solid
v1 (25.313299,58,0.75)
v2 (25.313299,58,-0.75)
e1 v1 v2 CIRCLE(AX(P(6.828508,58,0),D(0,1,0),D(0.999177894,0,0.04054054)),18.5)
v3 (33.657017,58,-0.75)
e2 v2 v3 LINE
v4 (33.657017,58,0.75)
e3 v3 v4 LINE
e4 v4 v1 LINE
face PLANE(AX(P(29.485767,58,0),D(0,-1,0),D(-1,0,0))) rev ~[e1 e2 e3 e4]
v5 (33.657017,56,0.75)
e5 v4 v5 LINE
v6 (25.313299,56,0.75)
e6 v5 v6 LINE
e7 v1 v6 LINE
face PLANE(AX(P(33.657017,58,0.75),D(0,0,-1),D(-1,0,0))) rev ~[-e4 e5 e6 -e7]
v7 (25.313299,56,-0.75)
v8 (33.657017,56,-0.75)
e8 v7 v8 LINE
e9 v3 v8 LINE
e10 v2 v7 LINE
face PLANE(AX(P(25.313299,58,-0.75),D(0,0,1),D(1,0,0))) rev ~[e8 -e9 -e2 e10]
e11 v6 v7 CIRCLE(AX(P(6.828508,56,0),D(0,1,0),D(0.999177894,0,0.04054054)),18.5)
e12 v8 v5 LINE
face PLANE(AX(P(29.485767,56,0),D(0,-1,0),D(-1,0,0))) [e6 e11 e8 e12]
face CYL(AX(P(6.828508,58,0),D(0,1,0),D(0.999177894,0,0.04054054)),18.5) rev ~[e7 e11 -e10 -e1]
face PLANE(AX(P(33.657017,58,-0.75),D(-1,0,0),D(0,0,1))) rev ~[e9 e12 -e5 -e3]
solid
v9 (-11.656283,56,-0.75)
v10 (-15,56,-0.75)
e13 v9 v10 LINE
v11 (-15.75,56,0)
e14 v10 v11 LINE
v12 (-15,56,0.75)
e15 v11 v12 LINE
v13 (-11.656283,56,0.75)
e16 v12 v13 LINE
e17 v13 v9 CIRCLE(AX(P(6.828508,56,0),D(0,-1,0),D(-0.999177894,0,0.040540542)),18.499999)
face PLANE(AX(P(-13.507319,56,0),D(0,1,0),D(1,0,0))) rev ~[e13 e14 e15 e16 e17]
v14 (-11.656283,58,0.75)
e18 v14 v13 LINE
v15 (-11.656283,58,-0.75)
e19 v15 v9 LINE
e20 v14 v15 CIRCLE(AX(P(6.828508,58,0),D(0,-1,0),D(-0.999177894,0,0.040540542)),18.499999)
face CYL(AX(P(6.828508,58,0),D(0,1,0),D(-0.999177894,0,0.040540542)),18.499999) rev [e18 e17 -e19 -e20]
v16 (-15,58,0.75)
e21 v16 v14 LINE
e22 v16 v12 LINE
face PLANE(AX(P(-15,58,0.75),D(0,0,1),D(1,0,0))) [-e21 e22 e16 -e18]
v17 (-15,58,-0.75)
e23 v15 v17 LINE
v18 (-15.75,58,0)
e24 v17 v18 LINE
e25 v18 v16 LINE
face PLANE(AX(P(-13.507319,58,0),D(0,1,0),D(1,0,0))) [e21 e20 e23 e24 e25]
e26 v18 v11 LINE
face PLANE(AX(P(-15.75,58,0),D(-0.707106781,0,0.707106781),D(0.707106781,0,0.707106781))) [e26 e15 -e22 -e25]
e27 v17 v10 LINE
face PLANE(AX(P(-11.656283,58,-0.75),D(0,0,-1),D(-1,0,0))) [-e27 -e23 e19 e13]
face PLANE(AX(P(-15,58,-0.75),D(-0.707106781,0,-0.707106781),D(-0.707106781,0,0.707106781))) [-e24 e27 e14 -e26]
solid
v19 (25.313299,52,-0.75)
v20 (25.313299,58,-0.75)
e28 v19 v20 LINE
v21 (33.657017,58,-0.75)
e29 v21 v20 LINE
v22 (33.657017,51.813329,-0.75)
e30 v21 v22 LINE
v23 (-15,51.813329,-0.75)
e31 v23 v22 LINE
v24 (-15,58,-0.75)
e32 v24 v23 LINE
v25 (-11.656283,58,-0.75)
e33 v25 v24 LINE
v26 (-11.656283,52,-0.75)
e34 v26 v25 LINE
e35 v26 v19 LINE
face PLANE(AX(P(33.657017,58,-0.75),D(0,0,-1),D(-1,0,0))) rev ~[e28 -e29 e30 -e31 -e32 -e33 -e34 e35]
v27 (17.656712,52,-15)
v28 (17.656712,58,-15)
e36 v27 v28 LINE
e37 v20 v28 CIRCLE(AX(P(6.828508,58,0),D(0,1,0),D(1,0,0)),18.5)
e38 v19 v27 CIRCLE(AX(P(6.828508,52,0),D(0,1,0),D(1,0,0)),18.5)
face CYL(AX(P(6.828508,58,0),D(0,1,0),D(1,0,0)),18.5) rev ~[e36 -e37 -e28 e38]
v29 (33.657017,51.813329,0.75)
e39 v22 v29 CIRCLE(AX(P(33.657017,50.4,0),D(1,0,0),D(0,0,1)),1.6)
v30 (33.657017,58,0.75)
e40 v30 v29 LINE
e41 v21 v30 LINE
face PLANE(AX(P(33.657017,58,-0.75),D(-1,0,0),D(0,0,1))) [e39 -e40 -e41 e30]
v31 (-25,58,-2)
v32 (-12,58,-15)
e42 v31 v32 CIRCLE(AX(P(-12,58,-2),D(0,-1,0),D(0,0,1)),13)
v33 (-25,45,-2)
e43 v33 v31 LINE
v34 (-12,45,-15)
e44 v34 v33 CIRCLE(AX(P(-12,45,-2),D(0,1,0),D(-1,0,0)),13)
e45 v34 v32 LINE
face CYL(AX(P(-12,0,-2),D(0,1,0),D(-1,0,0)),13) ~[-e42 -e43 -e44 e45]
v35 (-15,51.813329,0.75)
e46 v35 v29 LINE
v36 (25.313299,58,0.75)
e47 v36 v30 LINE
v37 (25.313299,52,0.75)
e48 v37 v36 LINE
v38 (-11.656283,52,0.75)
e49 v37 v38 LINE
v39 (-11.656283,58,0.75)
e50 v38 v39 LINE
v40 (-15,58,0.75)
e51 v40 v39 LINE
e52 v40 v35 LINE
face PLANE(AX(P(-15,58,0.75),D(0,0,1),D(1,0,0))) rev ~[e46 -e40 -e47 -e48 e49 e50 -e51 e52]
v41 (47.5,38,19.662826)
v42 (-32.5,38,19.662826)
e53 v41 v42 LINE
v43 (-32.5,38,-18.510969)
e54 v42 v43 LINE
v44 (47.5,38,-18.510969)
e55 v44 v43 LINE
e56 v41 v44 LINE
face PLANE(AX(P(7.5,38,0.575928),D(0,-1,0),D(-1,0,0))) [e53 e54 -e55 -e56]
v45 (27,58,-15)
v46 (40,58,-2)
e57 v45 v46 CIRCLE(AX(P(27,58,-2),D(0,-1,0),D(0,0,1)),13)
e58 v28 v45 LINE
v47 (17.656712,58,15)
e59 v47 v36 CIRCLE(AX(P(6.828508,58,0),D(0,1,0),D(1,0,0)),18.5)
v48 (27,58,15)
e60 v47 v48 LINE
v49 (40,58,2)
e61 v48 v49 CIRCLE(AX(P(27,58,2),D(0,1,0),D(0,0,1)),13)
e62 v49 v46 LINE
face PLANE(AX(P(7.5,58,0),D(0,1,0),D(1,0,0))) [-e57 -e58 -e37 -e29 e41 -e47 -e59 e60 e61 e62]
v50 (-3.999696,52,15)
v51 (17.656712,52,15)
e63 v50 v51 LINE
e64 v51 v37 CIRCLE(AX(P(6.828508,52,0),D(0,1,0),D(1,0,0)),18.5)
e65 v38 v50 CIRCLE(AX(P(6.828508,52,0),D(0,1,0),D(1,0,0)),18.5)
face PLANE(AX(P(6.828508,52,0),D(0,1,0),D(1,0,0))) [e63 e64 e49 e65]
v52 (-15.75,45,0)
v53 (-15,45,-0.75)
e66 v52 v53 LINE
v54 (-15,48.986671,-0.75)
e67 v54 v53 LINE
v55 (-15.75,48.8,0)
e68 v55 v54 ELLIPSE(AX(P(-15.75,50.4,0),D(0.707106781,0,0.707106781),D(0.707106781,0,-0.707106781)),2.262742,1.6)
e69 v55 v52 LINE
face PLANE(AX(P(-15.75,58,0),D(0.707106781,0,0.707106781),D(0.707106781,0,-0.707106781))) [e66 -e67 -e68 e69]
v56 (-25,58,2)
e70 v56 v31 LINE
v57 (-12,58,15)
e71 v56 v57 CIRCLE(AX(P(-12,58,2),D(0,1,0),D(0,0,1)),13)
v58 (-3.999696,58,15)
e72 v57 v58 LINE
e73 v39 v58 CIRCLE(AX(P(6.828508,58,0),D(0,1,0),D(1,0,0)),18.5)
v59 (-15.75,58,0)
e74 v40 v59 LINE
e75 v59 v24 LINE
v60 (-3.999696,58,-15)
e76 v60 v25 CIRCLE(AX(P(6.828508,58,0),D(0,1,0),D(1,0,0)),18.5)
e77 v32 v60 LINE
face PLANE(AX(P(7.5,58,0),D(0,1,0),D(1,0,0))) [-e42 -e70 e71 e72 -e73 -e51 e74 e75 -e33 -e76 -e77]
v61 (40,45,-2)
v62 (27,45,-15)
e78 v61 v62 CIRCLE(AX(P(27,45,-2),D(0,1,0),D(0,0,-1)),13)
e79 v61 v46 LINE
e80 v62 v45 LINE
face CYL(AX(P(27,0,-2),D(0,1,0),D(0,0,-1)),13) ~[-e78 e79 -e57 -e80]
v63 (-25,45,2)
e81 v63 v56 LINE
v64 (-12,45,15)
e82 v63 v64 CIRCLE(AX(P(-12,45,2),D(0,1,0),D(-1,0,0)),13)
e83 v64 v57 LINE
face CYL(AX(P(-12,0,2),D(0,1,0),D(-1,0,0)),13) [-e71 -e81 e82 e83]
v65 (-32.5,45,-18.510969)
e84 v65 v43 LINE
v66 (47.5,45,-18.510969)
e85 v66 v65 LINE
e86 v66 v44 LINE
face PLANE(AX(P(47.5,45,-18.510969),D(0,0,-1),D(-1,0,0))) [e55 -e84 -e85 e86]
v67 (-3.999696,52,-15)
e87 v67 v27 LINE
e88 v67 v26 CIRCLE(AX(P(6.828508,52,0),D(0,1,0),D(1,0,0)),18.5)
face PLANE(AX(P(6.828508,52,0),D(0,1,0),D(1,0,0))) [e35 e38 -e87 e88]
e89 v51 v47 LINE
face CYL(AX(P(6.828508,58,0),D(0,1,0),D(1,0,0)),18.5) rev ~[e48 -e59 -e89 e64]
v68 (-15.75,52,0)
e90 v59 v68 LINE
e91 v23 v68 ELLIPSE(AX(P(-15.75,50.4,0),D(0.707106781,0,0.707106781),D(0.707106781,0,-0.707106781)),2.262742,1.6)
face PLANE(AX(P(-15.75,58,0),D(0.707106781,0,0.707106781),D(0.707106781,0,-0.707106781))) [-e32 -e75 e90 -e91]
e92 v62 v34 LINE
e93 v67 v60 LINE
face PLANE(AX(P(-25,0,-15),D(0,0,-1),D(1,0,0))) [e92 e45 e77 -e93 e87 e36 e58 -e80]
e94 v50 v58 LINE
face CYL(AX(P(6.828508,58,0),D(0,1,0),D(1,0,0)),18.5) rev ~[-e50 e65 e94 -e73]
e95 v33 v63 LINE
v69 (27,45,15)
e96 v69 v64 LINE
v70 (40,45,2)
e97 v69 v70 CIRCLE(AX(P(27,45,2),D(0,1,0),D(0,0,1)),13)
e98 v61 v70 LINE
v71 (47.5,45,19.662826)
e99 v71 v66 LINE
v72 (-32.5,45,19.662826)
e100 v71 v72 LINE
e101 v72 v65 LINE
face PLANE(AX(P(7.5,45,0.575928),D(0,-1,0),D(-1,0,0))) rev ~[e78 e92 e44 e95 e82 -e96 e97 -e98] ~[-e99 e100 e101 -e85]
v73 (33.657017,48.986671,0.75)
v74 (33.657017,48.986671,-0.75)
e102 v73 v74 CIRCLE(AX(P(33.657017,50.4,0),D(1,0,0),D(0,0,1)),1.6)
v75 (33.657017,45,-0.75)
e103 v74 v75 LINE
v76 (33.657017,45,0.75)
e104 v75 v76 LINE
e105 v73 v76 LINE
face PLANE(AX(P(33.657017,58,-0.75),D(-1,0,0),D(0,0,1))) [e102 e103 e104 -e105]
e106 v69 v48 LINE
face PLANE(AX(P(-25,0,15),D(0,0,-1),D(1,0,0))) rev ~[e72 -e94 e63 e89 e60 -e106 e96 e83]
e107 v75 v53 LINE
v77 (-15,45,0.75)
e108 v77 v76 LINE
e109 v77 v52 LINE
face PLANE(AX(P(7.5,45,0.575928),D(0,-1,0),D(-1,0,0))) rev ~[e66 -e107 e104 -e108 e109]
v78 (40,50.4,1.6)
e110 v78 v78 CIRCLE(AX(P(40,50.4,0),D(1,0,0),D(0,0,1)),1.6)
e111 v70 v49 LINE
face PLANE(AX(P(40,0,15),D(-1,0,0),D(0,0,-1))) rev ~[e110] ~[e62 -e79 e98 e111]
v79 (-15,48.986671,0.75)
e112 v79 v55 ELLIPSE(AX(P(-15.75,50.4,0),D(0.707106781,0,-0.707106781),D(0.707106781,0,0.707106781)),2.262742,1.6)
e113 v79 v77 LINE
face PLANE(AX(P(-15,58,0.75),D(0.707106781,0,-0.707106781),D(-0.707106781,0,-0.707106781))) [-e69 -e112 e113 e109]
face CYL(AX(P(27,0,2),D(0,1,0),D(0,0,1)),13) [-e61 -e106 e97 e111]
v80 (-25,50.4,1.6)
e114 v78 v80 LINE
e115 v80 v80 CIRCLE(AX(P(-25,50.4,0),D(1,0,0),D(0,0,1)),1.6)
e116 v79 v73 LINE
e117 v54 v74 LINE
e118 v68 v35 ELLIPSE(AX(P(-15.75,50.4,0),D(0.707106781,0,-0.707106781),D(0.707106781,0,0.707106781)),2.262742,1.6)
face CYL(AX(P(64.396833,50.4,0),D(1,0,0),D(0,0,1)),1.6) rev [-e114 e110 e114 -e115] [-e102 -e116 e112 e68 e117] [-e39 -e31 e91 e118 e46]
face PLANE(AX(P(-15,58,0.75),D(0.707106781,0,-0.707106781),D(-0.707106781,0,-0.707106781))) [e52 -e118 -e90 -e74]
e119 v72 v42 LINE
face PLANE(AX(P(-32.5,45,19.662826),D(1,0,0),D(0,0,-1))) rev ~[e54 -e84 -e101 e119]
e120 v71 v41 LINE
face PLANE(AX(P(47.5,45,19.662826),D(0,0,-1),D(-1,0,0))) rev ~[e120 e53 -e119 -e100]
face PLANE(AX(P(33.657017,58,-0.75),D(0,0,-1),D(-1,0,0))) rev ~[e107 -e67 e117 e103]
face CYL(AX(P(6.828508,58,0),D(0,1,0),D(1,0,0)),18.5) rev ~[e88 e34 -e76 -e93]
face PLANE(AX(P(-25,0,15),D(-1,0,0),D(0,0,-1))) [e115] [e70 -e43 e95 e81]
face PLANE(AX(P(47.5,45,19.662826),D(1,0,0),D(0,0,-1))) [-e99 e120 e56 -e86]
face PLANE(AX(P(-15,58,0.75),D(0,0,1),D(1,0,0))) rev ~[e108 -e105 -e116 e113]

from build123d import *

# Parameters (mm, degrees)
SKETCH1_W                = 65
SKETCH1_H                = 30
BOSS_EXTRUDE1_DEPTH      = 58
CUT_EXTRUDE1_DEPTH       = 70
CUT_EXTRUDE2_DEPTH       = 89.396832522
CUT_EXTRUDE2_DEPTH_BACK  = 89.396832522
SKETCH3_R                = 1.6
FILLET1_R                = 13
SKETCH15_W               = 83.696095513
SKETCH15_H               = 31.69844841
CUT_EXTRUDE7_DEPTH       = 50
BOSS_EXTRUDE4_DEPTH      = 2
BOSS_EXTRUDE4_DEPTH_BACK = 5
SKETCH16_W               = 80
SKETCH16_H               = 38.173794917
SKETCH18_R               = 18.5
CUT_EXTRUDE8_DEPTH       = 6
BOSS_EXTRUDE5_DEPTH      = 2
BOSS_EXTRUDE5_2_DEPTH    = 2


with BuildPart() as part:
    # Sketch1 → Boss-Extrude1 (new body)
    with BuildSketch(Plane(origin=(0, 0, 0), x_dir=(1, 0, 0), z_dir=(0, 1, 0))):
        with Locations((7.5, 0)):
            Rectangle(SKETCH1_W, SKETCH1_H)
    extrude(amount=BOSS_EXTRUDE1_DEPTH)

    # Sketch2 → Cut-Extrude1 (cut)
    with BuildSketch(Plane(origin=(0, 58, 0), x_dir=(1, 0, 0), z_dir=(0, 1, 0))):
        Polygon((-15, 0.75), (15, 0.75), (33.657016573, 0.75), (33.657016573, -0.75), (15, -0.75), (-15, -0.75), (-15.75, 0), align=None)
    extrude(amount=-CUT_EXTRUDE1_DEPTH, mode=Mode.SUBTRACT)

    # Sketch3 → Cut-Extrude2 (cut, two sides: drawn at the far end of the back side and taken through both)
    with BuildSketch(Plane.ZY.offset(25).offset(-CUT_EXTRUDE2_DEPTH_BACK)):
        with Locations((0, 50.4)):
            Circle(SKETCH3_R)
    extrude(amount=CUT_EXTRUDE2_DEPTH + CUT_EXTRUDE2_DEPTH_BACK, mode=Mode.SUBTRACT)

    # Fillet1
    fillet1_edges = [part.edges().sort_by_distance(p)[0] for p in [
        (40, 29, 15),
        (-25, 29, 15),
        (-25, 29, -15),
        (40, 29, -15),
    ]]
    fillet(fillet1_edges, radius=FILLET1_R)

    # Sketch15 → Cut-Extrude7 (cut)
    with BuildSketch(Plane(origin=(0, -10, 0), x_dir=(-1, 0, 0), z_dir=(0, -1, 0))):
        with Locations((-0.057440767, 0.030479277)):
            Rectangle(SKETCH15_W, SKETCH15_H)
    extrude(amount=-CUT_EXTRUDE7_DEPTH, mode=Mode.SUBTRACT)

    # Sketch16 → Boss-Extrude4 (add, two sides: drawn at the far end of the back side and taken through both)
    with BuildSketch(Plane(origin=(0, 40, 0), x_dir=(-1, 0, 0), z_dir=(0, -1, 0)).offset(-BOSS_EXTRUDE4_DEPTH_BACK)):
        with Locations((-7.5, -0.575928298)):
            Rectangle(SKETCH16_W, SKETCH16_H)
    extrude(amount=BOSS_EXTRUDE4_DEPTH + BOSS_EXTRUDE4_DEPTH_BACK)

    # Sketch18 → Cut-Extrude8 (cut)
    with BuildSketch(Plane(origin=(0, 58, 0), x_dir=(1, 0, 0), z_dir=(0, 1, 0))):
        with Locations((6.828508286, 0)):
            Circle(SKETCH18_R)
    extrude(amount=-CUT_EXTRUDE8_DEPTH, mode=Mode.SUBTRACT)


with BuildPart() as body_2:
    # Sketch19 → Boss-Extrude5 (new body)
    with BuildSketch(Plane(origin=(0, 58, 0), x_dir=(1, 0, 0), z_dir=(0, 1, 0))):
        with BuildLine():
            Line((-11.656282759, 0.75), (-15, 0.75))
            Line((-15, 0.75), (-15.75, 0))
            Line((-15.75, 0), (-15, -0.75))
            Line((-15, -0.75), (-11.656282759, -0.75))
            ThreePointArc((-11.656282759, -0.75), (-11.671491714, 0), (-11.656282759, 0.75))
        make_face()
    extrude(amount=-BOSS_EXTRUDE5_DEPTH)


with BuildPart() as body_3:
    # Sketch19 → Boss-Extrude5 2 (new body)
    with BuildSketch(Plane(origin=(0, 58, 0), x_dir=(1, 0, 0), z_dir=(0, 1, 0))):
        with BuildLine():
            Line((25.313299332, 0.75), (33.657016573, 0.75))
            Line((33.657016573, 0.75), (33.657016573, -0.75))
            Line((33.657016573, -0.75), (25.313299332, -0.75))
            ThreePointArc((25.313299332, -0.75), (25.328508286, 0), (25.313299332, 0.75))
        make_face()
    extrude(amount=-BOSS_EXTRUDE5_2_DEPTH)


solid = Compound([part.part, body_2.part, body_3.part])
